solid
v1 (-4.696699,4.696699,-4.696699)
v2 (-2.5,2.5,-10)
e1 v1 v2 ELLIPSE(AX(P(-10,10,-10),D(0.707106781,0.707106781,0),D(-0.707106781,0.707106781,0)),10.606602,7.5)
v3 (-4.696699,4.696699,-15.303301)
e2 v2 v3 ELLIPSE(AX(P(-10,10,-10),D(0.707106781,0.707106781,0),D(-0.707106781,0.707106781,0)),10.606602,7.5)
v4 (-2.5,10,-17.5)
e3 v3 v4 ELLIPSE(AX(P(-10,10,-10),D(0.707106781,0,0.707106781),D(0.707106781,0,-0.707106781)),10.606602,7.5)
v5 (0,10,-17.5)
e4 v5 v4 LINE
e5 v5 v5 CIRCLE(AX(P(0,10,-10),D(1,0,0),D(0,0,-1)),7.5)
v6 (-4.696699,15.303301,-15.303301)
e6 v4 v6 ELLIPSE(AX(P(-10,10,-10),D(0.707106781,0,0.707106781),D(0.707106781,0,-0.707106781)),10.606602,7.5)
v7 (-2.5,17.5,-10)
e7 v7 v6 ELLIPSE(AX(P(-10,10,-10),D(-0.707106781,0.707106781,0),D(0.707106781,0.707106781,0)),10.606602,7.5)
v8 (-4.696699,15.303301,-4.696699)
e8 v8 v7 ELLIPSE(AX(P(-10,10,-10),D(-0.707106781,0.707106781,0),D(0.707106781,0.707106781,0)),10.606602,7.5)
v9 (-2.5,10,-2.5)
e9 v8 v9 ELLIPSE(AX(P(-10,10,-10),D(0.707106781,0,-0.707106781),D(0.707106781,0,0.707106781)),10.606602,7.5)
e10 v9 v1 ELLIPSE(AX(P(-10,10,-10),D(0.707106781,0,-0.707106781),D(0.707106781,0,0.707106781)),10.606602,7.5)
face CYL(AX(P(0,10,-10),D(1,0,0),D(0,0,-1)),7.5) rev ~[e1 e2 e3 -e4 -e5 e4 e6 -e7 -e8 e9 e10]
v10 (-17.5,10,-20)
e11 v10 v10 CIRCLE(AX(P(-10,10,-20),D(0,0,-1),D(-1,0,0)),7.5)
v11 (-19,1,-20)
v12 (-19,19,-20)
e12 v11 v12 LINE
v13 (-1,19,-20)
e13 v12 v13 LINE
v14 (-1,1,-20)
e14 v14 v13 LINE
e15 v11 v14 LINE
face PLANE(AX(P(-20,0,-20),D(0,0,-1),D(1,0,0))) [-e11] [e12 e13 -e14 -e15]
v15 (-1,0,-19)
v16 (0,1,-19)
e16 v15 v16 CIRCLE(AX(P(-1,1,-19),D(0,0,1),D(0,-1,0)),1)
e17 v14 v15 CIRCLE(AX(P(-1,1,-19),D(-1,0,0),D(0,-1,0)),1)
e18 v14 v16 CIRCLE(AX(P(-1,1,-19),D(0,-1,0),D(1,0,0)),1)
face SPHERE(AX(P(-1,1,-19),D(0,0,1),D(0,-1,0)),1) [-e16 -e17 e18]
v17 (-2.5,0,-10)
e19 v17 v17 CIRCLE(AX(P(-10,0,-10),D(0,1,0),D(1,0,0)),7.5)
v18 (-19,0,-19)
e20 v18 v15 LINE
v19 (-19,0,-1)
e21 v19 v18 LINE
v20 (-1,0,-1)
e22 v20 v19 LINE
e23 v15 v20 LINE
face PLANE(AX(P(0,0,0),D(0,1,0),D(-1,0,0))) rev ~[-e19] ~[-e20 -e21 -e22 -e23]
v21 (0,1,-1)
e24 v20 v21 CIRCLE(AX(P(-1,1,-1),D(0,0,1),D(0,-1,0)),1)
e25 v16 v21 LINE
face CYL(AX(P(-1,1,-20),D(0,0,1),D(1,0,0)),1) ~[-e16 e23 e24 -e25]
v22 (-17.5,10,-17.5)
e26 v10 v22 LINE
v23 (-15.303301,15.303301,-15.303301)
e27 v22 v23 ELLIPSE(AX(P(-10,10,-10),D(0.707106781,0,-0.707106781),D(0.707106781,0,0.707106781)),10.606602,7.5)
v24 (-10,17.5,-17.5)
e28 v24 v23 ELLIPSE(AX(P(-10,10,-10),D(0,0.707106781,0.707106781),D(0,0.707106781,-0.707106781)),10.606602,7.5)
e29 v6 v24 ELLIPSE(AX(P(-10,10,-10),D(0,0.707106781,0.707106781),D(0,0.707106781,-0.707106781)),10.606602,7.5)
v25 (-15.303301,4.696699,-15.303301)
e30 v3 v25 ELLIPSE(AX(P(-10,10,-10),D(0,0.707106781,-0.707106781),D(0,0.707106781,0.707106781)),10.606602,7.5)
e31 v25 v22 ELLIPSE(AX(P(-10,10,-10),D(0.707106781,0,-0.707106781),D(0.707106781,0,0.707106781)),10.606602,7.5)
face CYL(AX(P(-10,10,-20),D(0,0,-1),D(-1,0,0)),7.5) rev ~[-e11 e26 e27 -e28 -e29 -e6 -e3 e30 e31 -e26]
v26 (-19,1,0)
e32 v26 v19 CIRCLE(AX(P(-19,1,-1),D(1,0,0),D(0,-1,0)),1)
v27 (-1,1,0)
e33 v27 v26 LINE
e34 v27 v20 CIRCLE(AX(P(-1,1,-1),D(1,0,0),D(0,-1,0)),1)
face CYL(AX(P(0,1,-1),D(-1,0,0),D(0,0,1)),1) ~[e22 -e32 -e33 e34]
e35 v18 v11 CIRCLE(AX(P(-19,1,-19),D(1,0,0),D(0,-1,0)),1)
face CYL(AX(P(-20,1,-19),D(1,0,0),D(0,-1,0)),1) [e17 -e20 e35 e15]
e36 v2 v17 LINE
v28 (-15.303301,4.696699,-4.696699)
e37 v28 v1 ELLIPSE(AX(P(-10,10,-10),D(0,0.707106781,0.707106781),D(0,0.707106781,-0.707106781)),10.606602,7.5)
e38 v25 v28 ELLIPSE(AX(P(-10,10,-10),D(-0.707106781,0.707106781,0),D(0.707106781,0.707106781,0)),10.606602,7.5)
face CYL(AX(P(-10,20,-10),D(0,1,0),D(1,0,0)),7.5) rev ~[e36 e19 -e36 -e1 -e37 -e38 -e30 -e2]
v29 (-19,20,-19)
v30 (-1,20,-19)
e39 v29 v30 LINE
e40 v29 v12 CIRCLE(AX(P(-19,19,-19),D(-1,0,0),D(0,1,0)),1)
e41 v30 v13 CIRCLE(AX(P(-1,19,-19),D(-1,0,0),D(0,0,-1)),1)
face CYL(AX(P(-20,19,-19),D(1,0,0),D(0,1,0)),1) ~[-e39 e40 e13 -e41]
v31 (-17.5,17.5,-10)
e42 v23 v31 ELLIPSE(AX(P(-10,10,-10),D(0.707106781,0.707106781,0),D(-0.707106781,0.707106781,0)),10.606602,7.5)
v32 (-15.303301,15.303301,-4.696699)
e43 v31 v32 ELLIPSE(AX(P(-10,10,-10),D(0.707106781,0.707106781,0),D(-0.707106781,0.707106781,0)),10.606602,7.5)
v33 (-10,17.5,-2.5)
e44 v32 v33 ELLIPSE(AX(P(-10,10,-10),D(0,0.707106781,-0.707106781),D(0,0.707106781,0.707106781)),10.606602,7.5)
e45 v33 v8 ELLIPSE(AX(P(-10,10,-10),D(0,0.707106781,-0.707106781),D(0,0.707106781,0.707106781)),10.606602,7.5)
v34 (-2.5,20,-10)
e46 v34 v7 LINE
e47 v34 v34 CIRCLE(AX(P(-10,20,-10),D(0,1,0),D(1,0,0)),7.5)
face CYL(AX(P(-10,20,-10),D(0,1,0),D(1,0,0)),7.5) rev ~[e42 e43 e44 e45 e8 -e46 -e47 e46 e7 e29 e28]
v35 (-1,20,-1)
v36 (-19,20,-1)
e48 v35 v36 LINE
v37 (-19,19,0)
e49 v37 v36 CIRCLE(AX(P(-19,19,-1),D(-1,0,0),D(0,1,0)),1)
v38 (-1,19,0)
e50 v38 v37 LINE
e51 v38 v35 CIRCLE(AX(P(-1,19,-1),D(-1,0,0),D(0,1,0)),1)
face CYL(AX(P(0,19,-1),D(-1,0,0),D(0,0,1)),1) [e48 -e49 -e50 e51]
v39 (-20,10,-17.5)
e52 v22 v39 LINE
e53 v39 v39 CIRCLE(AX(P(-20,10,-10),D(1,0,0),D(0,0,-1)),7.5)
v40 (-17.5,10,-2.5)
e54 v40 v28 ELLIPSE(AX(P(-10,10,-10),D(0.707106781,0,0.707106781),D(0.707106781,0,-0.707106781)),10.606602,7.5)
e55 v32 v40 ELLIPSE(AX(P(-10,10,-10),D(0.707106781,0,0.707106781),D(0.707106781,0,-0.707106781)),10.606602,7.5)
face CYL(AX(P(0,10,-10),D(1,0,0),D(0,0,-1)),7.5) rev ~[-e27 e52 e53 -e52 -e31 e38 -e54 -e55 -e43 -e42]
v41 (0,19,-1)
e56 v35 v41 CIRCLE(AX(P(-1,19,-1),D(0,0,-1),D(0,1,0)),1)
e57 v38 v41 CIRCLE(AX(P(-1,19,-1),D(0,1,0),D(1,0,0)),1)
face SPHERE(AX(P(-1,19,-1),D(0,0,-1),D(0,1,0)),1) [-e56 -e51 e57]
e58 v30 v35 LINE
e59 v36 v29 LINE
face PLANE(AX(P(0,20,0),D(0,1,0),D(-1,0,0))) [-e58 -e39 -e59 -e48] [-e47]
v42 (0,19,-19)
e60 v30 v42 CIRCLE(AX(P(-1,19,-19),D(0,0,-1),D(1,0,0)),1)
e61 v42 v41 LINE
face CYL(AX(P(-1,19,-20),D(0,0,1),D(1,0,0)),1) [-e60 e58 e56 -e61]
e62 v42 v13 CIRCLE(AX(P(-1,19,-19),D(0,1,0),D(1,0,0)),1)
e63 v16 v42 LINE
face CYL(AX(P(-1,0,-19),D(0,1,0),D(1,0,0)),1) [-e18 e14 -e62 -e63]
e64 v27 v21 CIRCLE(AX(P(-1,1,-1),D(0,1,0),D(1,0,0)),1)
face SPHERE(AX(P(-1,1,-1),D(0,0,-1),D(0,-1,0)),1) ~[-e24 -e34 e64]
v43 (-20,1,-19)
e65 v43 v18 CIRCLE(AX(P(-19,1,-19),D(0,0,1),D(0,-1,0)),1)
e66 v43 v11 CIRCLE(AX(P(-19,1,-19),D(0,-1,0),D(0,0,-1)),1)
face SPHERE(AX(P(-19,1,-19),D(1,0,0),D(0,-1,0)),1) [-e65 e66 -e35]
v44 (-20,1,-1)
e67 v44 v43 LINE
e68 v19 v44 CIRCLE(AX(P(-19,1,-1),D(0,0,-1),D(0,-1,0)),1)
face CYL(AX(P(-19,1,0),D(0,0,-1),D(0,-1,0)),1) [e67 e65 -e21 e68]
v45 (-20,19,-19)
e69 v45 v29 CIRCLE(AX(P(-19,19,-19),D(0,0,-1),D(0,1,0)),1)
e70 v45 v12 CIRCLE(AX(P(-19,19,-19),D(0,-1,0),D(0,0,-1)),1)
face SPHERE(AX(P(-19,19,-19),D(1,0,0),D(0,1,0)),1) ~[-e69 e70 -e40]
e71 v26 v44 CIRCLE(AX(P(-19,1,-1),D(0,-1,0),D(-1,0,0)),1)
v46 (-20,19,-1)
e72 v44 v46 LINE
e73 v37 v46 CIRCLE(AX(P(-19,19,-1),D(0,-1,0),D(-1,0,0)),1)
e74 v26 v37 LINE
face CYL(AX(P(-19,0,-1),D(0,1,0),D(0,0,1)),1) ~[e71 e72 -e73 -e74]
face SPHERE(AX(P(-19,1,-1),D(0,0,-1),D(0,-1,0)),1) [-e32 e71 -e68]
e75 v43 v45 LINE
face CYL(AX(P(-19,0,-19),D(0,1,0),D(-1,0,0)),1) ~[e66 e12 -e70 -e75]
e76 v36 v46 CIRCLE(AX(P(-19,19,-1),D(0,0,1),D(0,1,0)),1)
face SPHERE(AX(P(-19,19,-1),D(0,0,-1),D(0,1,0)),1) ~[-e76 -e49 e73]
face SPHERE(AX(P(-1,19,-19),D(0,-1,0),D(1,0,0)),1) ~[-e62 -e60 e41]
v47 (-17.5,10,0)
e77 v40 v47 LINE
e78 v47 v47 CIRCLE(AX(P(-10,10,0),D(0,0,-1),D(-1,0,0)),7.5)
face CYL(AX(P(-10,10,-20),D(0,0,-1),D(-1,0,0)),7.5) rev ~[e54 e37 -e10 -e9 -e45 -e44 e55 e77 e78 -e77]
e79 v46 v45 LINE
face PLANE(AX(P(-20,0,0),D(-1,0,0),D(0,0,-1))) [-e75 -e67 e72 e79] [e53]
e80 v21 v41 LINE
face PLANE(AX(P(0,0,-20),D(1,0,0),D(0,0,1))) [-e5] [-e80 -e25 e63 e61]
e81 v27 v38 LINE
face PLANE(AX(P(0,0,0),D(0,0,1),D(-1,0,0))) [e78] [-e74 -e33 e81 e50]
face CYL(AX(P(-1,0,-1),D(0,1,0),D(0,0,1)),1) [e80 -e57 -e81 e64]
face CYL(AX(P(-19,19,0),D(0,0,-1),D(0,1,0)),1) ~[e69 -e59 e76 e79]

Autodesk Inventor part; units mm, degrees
ref_plane "YZ Plane" through (0, 0, 0) normal (1, 0, 0) x (0, 1, 0)
ref_plane "XZ Plane" through (0, 0, 0) normal (0, 1, 0) x (-1, 0, 0)
ref_plane "XY Plane" through (0, 0, 0) normal (0, 0, 1) x (1, 0, 0)
sketch "Эскиз1" plane through (0, 0, 0) normal (0, 1, 0) x (-1, 0, 0)
  line L0 (0, 0) -> (20, 0)
  line L1 (20, 0) -> (20, -20)
  line L2 (20, -20) -> (0, -20)
  line L3 (0, -20) -> (0, 0)
  dimension "d0" = 20
  dimension "d1" = 20
extrude "Выдавливание1" add sketch "Эскиз1" along normal blind 20
sketch "Эскиз2" plane through (0, 20, 0) normal (0, 1, 0) x (1, 0, 0)
  circle A0 centre (-10, 10) radius 7.5
  line L0 (0, 0) -> (0, 20) projected
  dimension "d4" = 15
  dimension "d5" = 10
  dimension "d6" = 10
sketch "Эскиз3" plane through (0, 0, -20) normal (0, 0, -1) x (-1, 0, 0)
  circle A0 centre (10, 10) radius 7.5
  line L0 (0, 0) -> (0, 20) projected
  line L1 (0, 0) -> (20, 0) projected
  dimension "d7" = 15
  dimension "d8" = 10
  dimension "d9" = 10
sketch "Эскиз4" plane through (0, 0, 0) normal (1, 0, 0) x (0, 0, -1)
  circle A0 centre (10, 10) radius 7.5
  line L0 (20, 0) -> (20, 20) projected
  line L1 (0, 20) -> (20, 20) projected
  point P0 (0, 0)
  dimension "d10" = 15
  dimension "d11" = 10
  dimension "d12" = 10
extrude "Выдавливание2" cut sketch "Эскиз2" against normal blind 20
extrude "Выдавливание3" cut sketch "Эскиз4" against normal blind 20
extrude "Выдавливание4" cut sketch "Эскиз3" against normal blind 20
fillet "Сопряжение1" radius 1 12 edges at (0, 0, -10) (-10, 0, -20) (0, 10, -20) (0, 20, -10) (-10, 20, -20) (-20, 20, -10) (-20, 0, -10) (-10, 0, 0) (-10, 20, 0) (0, 10, 0) (-20, 10, 0) (-20, 10, -20)
properties part number "КубСоединительный2020"
